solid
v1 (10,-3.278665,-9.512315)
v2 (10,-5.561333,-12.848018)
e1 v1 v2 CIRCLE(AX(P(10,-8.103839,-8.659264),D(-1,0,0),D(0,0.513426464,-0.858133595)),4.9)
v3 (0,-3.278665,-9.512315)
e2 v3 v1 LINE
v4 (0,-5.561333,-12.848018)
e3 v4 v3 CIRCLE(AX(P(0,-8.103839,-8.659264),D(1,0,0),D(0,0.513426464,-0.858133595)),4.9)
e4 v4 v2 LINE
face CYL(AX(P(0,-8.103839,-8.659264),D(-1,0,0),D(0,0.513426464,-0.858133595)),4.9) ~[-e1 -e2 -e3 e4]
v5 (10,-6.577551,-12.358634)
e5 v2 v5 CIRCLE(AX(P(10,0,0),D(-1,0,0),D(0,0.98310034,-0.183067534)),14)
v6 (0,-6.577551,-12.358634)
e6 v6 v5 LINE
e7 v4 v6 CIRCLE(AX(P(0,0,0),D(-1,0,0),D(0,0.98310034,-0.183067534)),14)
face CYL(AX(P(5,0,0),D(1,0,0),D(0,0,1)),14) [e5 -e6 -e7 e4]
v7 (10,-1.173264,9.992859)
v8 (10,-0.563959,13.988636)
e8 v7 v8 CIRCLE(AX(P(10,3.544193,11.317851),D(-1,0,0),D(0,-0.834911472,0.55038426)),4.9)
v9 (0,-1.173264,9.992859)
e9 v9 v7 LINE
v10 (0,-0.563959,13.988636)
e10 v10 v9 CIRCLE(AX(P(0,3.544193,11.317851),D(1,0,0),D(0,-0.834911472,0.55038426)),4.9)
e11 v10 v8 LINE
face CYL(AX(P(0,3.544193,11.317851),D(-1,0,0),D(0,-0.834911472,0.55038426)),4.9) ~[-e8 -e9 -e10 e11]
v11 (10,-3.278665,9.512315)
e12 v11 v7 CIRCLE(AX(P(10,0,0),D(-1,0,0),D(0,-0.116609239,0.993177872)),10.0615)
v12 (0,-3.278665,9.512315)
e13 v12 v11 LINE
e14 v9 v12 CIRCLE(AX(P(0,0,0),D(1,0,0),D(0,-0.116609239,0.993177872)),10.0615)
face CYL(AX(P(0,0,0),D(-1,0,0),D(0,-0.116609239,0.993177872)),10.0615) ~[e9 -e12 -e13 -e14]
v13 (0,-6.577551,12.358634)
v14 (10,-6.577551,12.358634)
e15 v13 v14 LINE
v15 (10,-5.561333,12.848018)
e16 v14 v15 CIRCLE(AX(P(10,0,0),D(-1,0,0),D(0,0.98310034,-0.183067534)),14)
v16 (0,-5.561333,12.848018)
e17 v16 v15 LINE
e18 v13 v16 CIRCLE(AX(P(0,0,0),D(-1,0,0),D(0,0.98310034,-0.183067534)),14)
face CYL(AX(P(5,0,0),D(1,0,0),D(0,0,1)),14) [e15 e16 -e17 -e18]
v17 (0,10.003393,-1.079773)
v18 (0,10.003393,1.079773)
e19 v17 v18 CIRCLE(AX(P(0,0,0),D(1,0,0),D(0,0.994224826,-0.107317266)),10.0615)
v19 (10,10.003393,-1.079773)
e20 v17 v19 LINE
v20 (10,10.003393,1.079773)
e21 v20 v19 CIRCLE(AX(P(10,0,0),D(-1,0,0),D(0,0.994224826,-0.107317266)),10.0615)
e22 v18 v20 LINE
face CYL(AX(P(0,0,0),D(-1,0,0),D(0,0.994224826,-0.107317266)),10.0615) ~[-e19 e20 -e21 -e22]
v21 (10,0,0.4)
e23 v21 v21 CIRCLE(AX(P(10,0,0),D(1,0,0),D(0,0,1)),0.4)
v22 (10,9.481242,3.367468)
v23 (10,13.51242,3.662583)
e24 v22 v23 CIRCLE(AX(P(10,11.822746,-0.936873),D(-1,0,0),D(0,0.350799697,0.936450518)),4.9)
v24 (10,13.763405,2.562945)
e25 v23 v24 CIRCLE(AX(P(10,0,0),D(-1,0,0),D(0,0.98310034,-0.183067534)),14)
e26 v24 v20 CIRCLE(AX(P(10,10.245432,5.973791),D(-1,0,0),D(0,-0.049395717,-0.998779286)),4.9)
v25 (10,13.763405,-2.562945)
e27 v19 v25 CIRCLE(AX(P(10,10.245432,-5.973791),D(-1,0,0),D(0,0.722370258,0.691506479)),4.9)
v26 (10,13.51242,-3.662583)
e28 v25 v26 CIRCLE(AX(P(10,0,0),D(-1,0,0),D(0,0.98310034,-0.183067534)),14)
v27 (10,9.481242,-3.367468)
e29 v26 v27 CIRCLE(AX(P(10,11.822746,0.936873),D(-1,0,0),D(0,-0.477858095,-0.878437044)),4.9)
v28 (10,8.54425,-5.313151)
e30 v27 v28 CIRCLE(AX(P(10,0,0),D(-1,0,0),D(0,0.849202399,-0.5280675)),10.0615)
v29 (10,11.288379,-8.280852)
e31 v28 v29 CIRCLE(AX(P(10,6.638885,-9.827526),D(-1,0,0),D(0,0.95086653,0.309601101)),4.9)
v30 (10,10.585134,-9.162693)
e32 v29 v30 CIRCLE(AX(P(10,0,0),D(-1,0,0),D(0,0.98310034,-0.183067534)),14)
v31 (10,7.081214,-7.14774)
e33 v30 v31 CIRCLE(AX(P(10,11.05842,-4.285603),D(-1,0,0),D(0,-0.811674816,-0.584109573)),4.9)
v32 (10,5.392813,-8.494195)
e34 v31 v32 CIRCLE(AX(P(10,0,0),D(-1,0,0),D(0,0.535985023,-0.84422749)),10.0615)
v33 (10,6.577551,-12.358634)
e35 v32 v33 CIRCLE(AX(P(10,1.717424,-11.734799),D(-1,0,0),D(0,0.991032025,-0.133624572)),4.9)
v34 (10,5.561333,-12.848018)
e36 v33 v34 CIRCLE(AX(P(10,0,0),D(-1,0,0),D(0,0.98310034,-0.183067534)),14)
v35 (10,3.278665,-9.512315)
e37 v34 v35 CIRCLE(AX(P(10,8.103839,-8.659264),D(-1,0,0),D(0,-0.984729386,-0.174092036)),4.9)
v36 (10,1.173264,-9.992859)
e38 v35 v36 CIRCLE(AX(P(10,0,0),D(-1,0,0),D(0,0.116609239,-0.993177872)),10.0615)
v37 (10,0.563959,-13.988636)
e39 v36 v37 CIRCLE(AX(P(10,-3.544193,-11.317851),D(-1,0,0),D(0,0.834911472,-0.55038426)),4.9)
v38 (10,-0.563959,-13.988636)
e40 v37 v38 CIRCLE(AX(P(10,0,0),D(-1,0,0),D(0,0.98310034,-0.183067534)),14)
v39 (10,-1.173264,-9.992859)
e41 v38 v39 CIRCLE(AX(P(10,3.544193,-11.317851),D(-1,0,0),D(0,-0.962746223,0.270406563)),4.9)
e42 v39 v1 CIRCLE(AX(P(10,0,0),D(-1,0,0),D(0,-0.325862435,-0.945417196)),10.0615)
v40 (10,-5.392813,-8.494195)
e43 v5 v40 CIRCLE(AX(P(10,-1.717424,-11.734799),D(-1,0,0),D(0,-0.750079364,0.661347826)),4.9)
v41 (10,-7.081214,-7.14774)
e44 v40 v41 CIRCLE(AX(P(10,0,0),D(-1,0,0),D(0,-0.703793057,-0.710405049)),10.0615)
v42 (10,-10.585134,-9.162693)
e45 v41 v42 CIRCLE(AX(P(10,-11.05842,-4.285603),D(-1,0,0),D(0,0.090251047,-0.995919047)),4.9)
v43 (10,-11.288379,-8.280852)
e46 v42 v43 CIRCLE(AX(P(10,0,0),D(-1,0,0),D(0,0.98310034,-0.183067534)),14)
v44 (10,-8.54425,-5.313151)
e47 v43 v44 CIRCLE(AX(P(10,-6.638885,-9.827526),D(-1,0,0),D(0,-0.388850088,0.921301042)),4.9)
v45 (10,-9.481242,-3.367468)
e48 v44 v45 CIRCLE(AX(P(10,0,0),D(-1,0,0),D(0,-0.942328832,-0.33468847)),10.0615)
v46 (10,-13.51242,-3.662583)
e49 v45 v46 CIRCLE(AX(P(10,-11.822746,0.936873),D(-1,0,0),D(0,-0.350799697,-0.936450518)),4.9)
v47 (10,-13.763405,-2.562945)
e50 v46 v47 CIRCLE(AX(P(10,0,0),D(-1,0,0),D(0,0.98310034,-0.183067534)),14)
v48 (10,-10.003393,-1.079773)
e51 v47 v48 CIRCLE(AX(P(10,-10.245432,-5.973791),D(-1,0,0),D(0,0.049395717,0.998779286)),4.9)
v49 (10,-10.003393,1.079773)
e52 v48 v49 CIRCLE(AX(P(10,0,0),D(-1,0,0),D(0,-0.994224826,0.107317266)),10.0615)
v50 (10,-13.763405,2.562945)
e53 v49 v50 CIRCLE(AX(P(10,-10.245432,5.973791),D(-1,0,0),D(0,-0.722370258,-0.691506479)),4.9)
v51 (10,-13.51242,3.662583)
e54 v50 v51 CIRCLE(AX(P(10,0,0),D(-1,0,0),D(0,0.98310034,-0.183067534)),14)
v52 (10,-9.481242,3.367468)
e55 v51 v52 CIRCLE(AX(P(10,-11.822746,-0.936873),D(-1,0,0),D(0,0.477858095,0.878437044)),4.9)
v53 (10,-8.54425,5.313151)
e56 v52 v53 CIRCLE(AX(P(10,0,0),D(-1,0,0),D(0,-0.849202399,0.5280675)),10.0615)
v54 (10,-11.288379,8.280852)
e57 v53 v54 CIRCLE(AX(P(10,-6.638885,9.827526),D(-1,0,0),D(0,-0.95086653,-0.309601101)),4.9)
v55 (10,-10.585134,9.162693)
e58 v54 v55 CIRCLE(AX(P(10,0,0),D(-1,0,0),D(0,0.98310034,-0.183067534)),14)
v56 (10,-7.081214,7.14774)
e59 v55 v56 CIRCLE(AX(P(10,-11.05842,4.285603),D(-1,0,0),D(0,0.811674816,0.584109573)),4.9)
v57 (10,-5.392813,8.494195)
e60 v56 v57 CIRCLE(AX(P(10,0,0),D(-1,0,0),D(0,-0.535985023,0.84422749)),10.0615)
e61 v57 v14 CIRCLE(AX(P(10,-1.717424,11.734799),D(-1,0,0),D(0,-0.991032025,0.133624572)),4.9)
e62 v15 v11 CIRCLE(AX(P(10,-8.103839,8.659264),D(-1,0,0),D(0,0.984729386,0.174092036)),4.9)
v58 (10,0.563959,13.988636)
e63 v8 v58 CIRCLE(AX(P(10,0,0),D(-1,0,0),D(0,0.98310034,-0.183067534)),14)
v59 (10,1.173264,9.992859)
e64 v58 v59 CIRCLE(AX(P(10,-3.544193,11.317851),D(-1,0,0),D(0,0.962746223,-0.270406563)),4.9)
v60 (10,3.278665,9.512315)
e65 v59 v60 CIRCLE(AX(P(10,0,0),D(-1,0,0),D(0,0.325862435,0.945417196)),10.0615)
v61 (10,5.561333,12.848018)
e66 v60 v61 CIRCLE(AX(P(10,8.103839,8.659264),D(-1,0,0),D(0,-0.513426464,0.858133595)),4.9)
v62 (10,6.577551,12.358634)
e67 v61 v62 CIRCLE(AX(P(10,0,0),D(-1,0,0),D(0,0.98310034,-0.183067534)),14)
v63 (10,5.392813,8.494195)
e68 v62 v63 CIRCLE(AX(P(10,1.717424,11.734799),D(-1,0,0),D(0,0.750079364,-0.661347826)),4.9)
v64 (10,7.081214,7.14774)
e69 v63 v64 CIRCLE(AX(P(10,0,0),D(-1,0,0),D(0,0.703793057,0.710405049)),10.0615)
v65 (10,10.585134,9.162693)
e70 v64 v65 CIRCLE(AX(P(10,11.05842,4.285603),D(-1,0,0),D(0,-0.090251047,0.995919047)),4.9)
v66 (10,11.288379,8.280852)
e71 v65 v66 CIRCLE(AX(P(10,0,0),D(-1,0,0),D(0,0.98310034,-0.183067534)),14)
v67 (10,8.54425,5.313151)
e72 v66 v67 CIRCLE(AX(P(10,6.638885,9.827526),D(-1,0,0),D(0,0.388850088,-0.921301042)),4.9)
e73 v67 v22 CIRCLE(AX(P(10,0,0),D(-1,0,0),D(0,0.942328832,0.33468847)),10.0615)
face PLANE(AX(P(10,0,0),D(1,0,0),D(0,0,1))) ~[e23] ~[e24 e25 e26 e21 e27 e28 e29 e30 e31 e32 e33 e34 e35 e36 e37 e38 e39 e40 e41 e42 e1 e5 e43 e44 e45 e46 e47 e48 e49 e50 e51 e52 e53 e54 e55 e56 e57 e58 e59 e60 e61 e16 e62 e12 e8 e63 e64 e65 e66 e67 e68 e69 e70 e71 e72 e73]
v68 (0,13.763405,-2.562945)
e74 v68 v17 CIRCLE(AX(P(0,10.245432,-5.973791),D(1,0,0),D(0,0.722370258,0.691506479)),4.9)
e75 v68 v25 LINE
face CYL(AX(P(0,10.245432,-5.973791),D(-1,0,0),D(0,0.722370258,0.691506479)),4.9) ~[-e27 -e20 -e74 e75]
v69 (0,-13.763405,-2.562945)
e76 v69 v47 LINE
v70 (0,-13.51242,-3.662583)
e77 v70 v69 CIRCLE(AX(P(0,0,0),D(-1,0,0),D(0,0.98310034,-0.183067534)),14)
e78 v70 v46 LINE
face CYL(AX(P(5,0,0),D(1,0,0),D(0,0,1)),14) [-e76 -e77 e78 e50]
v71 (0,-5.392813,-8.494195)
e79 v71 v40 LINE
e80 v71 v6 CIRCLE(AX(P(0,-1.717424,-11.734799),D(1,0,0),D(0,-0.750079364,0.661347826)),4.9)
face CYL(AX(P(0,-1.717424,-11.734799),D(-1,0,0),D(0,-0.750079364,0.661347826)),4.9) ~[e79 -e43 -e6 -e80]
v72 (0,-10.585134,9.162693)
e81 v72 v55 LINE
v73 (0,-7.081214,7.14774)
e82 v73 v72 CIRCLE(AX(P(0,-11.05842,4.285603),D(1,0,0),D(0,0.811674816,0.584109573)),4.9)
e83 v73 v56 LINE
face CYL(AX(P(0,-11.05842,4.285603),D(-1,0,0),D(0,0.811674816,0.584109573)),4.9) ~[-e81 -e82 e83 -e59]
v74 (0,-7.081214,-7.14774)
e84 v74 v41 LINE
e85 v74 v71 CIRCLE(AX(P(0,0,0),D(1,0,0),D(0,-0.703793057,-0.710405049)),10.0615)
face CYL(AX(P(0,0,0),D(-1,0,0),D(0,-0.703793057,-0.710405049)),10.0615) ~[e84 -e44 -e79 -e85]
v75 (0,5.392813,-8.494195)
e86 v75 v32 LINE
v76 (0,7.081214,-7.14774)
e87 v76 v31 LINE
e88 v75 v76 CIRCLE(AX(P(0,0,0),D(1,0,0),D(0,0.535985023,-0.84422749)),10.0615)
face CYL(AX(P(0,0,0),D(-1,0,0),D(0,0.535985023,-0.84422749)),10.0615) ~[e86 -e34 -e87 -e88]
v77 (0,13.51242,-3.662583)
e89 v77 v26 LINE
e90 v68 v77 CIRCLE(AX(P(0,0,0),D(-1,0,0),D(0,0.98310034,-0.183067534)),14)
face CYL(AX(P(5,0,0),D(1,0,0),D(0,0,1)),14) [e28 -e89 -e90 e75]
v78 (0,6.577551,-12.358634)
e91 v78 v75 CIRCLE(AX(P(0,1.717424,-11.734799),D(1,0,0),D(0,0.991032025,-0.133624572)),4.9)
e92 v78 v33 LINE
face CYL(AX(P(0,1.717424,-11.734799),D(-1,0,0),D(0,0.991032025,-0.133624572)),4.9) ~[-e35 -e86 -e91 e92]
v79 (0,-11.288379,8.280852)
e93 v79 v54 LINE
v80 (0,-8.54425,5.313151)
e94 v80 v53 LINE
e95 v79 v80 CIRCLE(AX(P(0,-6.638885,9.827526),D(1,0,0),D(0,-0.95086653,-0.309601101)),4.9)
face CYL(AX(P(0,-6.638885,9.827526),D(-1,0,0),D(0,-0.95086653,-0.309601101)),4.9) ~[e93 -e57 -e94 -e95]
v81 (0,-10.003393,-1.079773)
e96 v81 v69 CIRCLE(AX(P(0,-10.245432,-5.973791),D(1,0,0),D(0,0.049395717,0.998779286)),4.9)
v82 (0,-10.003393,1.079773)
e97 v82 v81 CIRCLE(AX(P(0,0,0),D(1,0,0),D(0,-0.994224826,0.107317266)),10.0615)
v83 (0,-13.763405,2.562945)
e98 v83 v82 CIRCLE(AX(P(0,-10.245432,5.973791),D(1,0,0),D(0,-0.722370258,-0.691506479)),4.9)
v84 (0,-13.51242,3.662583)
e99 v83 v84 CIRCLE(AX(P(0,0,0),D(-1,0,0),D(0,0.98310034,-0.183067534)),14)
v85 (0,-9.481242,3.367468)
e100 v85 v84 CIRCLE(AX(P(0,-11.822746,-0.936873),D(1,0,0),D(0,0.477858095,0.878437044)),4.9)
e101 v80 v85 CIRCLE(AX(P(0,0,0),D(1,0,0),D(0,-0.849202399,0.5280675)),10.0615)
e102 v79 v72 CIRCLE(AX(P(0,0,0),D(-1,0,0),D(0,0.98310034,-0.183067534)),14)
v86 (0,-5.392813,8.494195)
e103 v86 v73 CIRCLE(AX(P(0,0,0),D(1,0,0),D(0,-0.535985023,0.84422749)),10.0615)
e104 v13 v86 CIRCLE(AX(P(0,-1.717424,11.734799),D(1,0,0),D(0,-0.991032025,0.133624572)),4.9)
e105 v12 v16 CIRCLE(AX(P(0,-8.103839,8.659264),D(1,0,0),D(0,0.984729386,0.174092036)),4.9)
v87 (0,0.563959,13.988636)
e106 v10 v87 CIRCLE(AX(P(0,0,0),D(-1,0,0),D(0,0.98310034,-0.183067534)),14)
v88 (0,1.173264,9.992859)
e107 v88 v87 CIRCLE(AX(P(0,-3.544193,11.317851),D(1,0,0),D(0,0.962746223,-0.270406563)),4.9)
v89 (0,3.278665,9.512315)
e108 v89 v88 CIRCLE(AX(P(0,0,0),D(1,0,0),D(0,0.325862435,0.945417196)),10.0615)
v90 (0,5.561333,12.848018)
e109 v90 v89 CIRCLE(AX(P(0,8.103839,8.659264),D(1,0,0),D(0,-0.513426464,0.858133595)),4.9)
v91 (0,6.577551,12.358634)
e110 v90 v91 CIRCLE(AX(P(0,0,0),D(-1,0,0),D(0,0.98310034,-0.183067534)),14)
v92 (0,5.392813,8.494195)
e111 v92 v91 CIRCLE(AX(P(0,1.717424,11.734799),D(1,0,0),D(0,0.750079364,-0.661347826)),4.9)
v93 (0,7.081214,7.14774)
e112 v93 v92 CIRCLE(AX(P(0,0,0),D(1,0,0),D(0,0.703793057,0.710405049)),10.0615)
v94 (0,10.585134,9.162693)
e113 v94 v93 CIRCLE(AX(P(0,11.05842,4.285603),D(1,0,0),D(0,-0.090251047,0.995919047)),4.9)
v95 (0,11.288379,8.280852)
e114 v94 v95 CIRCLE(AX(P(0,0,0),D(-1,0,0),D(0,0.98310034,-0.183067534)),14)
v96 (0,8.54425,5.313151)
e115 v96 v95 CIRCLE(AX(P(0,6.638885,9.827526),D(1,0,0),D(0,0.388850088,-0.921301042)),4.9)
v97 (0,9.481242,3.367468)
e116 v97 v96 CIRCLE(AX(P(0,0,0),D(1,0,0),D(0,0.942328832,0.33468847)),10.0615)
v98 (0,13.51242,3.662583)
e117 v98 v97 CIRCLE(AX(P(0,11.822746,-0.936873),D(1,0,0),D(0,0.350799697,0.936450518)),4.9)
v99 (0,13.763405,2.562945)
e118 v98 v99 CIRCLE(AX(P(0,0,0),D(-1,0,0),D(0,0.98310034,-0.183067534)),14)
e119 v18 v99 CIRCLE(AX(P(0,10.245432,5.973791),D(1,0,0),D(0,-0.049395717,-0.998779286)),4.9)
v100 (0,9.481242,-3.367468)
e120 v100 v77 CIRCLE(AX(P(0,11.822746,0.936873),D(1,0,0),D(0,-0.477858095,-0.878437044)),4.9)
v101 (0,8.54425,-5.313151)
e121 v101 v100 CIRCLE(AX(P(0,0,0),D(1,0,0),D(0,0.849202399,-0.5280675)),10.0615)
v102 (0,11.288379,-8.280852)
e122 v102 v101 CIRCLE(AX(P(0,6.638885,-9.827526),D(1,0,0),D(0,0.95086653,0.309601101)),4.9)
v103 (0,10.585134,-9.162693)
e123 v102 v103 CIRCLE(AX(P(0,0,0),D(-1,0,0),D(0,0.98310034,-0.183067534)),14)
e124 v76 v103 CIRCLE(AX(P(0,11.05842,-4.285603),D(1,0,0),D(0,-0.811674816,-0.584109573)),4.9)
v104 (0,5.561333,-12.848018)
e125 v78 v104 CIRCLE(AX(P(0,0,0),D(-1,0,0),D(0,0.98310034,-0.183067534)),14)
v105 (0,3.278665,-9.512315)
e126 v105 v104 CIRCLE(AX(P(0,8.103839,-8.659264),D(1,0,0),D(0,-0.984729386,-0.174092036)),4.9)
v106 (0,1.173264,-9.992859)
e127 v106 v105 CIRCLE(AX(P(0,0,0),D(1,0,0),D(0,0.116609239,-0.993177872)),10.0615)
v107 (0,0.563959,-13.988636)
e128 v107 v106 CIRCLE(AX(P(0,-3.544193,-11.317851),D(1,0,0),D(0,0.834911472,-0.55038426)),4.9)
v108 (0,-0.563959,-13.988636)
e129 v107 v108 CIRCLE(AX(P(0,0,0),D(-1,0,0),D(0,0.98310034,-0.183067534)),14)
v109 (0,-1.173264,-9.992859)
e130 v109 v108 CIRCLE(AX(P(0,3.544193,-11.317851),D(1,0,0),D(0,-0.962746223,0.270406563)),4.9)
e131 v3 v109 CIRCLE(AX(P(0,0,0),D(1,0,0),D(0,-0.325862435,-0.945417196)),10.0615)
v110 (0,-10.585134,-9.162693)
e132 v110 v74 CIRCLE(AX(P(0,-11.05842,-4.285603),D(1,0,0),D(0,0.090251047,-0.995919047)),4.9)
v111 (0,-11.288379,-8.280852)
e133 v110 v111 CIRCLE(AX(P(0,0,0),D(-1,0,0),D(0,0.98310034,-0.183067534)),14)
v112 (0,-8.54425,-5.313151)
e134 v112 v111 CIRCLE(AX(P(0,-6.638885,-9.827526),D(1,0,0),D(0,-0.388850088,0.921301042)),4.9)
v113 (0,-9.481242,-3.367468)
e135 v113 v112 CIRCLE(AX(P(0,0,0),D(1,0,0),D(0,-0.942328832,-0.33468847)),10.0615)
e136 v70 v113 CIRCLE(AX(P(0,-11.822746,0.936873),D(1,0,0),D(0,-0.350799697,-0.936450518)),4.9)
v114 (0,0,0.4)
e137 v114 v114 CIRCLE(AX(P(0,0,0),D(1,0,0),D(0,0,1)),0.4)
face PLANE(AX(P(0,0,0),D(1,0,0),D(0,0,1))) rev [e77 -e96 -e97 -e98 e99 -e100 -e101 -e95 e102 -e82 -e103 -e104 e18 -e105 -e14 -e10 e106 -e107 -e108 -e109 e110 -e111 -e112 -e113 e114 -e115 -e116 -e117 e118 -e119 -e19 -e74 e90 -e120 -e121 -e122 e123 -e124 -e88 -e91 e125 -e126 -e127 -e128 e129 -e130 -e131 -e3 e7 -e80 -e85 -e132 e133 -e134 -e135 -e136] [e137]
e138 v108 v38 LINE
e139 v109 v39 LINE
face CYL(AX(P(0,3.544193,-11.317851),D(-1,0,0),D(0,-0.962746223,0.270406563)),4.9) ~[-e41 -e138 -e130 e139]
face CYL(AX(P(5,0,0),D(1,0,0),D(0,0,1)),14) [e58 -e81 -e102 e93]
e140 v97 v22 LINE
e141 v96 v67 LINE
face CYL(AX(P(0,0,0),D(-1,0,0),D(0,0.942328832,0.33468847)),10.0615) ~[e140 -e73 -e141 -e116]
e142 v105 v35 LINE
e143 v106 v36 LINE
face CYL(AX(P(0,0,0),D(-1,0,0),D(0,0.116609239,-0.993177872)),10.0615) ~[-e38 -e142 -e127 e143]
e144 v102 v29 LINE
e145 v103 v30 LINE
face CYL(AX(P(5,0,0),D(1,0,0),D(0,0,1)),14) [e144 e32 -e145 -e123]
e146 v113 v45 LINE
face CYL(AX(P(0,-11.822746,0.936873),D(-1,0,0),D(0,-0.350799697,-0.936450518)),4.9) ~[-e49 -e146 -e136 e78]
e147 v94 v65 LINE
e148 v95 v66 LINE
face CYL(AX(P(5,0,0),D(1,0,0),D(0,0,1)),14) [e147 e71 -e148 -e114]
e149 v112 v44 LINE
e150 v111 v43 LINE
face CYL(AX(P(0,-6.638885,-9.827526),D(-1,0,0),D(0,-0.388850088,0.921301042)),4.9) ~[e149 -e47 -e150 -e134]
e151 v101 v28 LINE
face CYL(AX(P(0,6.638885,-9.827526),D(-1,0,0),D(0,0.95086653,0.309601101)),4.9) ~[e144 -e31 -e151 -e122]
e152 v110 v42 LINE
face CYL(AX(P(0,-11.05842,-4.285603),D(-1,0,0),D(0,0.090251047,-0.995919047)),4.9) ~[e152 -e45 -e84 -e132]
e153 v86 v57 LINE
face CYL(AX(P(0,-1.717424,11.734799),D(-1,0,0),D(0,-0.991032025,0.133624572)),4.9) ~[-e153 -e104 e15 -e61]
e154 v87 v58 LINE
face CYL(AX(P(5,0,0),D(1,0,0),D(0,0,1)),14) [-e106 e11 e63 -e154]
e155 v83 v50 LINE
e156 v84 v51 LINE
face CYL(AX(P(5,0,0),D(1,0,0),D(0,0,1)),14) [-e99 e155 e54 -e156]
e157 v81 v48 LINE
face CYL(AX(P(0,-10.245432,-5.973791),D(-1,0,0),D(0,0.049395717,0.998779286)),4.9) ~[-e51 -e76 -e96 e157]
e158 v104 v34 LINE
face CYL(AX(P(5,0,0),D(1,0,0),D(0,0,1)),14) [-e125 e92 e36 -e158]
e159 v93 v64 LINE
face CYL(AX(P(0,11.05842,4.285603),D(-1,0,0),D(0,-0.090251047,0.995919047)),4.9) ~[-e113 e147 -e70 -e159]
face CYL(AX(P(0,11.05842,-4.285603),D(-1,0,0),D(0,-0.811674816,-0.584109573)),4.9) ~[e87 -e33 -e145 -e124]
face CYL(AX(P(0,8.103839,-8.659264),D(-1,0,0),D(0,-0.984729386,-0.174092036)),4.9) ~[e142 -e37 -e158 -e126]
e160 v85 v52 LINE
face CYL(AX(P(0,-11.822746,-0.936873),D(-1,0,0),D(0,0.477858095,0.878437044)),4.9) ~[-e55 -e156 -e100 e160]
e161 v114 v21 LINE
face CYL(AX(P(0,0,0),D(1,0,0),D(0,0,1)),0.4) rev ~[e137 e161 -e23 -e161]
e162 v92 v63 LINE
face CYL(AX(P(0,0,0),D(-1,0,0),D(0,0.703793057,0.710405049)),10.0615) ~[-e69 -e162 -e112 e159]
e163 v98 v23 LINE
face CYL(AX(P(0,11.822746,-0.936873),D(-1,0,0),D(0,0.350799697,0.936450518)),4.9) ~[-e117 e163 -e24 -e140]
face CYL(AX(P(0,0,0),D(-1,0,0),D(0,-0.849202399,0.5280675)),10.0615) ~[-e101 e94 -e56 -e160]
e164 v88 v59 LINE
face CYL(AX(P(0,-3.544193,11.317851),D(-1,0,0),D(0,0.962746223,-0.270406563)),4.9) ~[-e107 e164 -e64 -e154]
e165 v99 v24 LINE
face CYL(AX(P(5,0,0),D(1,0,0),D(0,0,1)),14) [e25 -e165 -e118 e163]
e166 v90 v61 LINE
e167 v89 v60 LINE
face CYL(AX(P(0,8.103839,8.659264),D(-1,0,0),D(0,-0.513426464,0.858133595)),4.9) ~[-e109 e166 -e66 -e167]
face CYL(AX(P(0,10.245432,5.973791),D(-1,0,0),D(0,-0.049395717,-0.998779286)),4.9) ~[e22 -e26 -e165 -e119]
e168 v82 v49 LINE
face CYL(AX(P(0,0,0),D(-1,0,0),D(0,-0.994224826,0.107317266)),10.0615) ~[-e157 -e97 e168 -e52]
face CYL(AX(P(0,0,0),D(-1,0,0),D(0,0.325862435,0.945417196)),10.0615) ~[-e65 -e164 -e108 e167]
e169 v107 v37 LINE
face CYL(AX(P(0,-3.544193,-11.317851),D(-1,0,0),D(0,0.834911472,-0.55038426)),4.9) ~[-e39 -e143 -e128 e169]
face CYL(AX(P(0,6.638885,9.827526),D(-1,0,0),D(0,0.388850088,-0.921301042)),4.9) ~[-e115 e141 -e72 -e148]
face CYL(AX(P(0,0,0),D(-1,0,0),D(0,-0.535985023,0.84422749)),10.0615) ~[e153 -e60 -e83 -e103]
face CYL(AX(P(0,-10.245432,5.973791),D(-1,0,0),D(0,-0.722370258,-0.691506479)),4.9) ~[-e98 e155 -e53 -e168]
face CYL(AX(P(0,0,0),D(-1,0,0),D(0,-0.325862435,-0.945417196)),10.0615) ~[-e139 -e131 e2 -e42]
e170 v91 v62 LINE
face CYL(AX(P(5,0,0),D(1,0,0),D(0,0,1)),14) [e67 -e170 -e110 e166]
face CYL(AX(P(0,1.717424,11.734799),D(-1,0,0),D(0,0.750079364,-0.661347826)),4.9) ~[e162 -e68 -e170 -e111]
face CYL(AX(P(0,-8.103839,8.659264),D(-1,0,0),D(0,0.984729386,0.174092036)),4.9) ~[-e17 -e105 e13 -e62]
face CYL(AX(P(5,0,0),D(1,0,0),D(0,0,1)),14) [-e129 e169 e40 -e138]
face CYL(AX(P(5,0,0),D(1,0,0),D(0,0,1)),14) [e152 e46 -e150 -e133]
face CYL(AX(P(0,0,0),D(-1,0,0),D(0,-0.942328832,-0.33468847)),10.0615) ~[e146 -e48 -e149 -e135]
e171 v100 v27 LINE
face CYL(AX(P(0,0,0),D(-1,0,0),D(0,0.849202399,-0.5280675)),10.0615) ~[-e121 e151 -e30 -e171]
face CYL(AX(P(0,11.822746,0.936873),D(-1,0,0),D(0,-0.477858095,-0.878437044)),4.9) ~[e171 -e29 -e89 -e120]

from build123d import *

# Parameters (mm, degrees)
BASPROSKE_W     = 10
BASPROSKE_H     = 14
TOOTHCUT_DEPTH  = 23.181073013
TEETHCUTS_COUNT = 14
TEETHCUTS_ANGLE = 334.285714286
BORSKE_R        = 0.4
BORE_DEPTH      = 50.0000508


with BuildPart() as part:
    # BasProSke → Base-Revolve (revolve)
    with BuildSketch(Plane(origin=(0, 0, 0), x_dir=(1, 0, 0), z_dir=(0, 1, 0)), mode=Mode.PRIVATE) as base_revolve_sk:
        with Locations((5, 7)):
            Rectangle(BASPROSKE_W, BASPROSKE_H)
    revolve(base_revolve_sk.sketch.rotate(Axis((-10, 0, 0), (1, 0, 0)), 180), axis=Axis((-10, 0, 0), (1, 0, 0)))

    # TooCutSke → ToothCut (cut, through all)
    with BuildSketch(Plane(origin=(0, 0, 0), x_dir=(0, 0, -1), z_dir=(1, 0, 0))):
        with BuildLine():
            ThreePointArc((1.07977267, 10.003393086), (0, 10.0615), (-1.07977267, 10.003393086))
            ThreePointArc((-1.07977267, 10.003393086), (-1.421345253, 12.057954139), (-2.585409426, 13.785046364))
            ThreePointArc((-2.585409426, 13.785046364), (0, 14.0254), (2.585409426, 13.785046364))
            ThreePointArc((2.585409426, 13.785046364), (1.421345253, 12.057954139), (1.07977267, 10.003393086))
        make_face()
    toothcut = extrude(amount=TOOTHCUT_DEPTH, mode=Mode.SUBTRACT)

    # TeethCuts: ToothCut ×14 about axis
    teethcuts_axis = Axis((-10, 0, 0), (1, 0, 0))
    for i in range(1, TEETHCUTS_COUNT):
        add(toothcut.rotate(teethcuts_axis, i * TEETHCUTS_ANGLE / (TEETHCUTS_COUNT - 1)), mode=Mode.SUBTRACT)

    # BorSke → Bore (cut, symmetric)
    with BuildSketch(Plane(origin=(0, 0, 0), x_dir=(0, 0, -1), z_dir=(1, 0, 0))):
        with Locations(Location((0, 0, 0), (0, 0, 180))):
            Circle(BORSKE_R)
    extrude(amount=BORE_DEPTH, both=True, mode=Mode.SUBTRACT)


solid = part.part
